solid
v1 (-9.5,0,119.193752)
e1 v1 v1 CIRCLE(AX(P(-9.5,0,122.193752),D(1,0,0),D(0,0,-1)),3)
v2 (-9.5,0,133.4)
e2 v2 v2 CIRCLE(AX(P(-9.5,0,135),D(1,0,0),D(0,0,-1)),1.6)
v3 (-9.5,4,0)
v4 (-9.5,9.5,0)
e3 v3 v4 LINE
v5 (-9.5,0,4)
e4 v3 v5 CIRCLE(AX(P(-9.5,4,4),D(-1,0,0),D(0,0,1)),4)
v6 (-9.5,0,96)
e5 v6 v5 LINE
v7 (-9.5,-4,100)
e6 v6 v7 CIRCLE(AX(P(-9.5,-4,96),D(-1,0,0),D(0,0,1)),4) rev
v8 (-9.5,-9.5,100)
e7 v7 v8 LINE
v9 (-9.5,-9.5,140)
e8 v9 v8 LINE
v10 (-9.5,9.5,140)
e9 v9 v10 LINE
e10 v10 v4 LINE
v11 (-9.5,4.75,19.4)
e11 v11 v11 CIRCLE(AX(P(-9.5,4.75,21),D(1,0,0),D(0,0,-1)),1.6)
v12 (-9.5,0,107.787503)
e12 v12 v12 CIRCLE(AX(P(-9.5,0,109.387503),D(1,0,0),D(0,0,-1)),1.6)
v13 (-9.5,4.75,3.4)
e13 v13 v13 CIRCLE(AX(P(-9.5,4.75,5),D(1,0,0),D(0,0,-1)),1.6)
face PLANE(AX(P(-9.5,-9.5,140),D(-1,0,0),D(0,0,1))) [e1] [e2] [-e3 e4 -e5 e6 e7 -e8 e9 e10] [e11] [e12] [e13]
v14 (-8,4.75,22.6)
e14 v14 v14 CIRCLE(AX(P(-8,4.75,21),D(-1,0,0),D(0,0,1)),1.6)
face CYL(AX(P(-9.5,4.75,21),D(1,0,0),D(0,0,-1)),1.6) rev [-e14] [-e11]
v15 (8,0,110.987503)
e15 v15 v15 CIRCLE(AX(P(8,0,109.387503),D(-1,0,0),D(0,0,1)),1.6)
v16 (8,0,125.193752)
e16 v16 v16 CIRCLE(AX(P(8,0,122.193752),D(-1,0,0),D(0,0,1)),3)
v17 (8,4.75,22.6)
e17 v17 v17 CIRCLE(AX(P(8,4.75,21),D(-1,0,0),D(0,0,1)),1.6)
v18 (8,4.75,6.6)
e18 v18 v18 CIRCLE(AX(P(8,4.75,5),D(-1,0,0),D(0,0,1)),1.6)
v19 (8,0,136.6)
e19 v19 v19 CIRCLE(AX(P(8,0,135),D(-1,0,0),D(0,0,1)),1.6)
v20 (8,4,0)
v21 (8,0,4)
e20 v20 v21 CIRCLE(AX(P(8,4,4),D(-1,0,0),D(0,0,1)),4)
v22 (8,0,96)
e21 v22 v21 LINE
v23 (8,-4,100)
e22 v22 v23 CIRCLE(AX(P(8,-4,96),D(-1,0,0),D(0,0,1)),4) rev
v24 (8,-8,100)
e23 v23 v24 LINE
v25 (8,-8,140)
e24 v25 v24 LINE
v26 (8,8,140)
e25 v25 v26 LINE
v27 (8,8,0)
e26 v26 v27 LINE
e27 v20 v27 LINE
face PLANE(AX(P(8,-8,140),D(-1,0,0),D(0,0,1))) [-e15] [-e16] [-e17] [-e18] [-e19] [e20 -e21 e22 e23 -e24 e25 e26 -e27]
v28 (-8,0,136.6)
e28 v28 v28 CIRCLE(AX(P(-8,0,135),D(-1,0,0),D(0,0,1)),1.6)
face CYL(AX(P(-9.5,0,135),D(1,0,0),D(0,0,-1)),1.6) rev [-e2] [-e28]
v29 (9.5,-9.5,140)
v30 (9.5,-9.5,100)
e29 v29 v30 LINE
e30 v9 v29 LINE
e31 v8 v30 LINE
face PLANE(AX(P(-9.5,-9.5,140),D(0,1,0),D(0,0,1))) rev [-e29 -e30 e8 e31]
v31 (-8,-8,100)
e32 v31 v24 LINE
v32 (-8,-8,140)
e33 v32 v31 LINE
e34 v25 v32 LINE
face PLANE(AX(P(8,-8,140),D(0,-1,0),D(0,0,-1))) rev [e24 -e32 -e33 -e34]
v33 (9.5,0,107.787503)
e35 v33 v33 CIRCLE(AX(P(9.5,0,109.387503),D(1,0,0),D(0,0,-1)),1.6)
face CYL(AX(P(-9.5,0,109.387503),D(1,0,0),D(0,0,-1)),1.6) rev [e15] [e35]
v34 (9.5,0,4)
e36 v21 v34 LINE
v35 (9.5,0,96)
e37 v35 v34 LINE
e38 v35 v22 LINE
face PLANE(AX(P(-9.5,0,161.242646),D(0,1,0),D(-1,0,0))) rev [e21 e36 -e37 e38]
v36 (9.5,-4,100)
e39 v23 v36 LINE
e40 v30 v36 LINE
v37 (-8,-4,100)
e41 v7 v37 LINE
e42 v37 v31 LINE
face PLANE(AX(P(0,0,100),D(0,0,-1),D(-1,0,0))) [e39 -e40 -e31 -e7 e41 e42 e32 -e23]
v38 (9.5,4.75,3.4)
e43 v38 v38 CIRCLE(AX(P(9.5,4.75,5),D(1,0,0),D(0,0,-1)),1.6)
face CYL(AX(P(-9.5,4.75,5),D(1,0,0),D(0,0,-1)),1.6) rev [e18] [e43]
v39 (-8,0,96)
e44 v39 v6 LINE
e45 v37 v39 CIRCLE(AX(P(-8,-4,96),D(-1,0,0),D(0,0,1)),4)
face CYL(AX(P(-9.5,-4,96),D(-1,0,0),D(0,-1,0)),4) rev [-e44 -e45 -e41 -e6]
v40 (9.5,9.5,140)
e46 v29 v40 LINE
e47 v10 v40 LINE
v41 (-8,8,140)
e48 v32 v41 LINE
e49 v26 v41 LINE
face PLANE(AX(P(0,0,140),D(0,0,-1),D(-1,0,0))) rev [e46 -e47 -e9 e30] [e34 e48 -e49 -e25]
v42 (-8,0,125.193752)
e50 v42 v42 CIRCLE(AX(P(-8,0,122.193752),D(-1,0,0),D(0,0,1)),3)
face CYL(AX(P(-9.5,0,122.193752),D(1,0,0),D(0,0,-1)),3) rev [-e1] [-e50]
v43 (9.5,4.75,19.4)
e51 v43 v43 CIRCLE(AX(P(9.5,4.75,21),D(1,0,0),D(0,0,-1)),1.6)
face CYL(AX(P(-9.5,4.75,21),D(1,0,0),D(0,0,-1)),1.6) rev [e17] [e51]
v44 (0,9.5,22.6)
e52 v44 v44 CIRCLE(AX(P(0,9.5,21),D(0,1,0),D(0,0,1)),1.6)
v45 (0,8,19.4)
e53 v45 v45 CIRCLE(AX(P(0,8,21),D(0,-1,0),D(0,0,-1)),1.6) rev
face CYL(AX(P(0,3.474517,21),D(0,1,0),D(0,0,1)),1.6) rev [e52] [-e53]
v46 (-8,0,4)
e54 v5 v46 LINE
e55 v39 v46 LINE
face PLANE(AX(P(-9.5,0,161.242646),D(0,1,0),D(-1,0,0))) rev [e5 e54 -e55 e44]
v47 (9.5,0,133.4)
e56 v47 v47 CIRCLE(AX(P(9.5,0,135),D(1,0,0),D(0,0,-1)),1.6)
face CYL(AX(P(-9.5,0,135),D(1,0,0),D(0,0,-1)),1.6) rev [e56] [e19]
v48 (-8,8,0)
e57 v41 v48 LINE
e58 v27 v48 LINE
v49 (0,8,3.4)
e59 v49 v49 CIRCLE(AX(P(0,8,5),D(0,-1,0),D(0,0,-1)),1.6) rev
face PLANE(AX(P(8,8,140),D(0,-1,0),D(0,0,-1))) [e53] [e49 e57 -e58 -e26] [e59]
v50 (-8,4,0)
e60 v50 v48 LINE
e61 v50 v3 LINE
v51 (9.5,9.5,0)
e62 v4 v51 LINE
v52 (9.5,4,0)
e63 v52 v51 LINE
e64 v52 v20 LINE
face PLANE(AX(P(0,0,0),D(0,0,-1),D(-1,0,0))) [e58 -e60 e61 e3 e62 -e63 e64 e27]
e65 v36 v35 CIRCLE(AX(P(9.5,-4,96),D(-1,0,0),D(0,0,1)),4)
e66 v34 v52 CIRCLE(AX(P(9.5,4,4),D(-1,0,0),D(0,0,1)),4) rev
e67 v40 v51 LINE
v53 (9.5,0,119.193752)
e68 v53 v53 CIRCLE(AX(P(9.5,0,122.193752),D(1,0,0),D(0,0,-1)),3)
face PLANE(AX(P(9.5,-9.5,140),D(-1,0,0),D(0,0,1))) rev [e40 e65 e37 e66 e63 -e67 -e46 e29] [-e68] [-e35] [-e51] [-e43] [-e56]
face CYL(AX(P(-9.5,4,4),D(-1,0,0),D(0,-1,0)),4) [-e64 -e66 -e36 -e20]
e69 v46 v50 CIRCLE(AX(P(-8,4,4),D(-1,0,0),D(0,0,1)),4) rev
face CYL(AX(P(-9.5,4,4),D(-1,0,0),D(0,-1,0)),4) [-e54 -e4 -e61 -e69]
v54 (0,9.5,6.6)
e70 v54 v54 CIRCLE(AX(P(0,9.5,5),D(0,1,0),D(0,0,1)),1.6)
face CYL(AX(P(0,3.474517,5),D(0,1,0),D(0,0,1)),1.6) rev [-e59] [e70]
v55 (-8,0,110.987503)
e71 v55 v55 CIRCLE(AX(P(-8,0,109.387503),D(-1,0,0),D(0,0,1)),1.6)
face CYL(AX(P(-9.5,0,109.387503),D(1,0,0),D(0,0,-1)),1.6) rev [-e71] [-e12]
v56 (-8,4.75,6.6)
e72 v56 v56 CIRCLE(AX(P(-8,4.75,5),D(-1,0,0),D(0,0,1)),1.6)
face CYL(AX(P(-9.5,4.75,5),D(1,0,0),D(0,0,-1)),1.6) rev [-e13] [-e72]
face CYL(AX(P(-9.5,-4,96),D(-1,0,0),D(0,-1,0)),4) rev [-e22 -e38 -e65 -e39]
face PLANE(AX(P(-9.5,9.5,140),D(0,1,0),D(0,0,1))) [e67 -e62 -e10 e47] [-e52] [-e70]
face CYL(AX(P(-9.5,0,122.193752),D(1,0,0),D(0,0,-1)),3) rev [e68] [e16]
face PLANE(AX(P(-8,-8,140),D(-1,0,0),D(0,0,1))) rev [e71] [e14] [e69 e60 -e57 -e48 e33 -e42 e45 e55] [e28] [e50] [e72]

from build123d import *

# Parameters (mm, degrees)
ESBO_O1_W                = 19
ESBO_O1_H                = 19
ESBO_O1_W_2              = 16
ESBO_O1_H_2              = 16
RESSALTO_EXTRUS_O1_DEPTH = 140
ESBO_O2_R                = 1.6
ESBO_O2_R_2              = 3
CORTE_EXTRUS_O1_DEPTH    = 20
ESBO_O3_R                = 1.6
CORTE_EXTRUS_O2_DEPTH    = 1.5
ESBO_O5_W                = 19
ESBO_O5_H                = 9.5
CORTE_EXTRUS_O4_DEPTH    = 100
FILETE1_R                = 4


with BuildPart() as part:
    # Esboço1 → Ressalto-extrusão1 (new body)
    with BuildSketch(Plane.XY):
        Rectangle(ESBO_O1_W, ESBO_O1_H)
        Rectangle(ESBO_O1_W_2, ESBO_O1_H_2, mode=Mode.SUBTRACT)
    extrude(amount=RESSALTO_EXTRUS_O1_DEPTH)

    # Esboço2 → Corte-extrusão1 (cut, through all)
    with BuildSketch(Plane(origin=(9.5, 0, 0), x_dir=(0, 0, -1), z_dir=(1, 0, 0))):
        with Locations((-109.38750305, 0)):
            Circle(ESBO_O2_R)
        with Locations((-135, 0)):
            Circle(ESBO_O2_R)
        with Locations((-122.193751525, 0)):
            Circle(ESBO_O2_R_2)
        with Locations((-5, 4.75)):
            Circle(ESBO_O2_R)
        with Locations((-21, 4.75)):
            Circle(ESBO_O2_R)
    extrude(amount=-CORTE_EXTRUS_O1_DEPTH, mode=Mode.SUBTRACT)

    # Esboço3 → Corte-extrusão2 (cut)
    with BuildSketch(Plane(origin=(0, 9.5, 0), x_dir=(1, 0, 0), z_dir=(0, 1, 0))):
        with Locations((0, -21)):
            Circle(ESBO_O3_R)
        with Locations((0, -5)):
            Circle(ESBO_O3_R)
    extrude(amount=-CORTE_EXTRUS_O2_DEPTH, mode=Mode.SUBTRACT)

    # Esboço5 → Corte-extrusão4 (cut)
    with BuildSketch(Plane(origin=(0, 0, 0), x_dir=(-1, 0, 0), z_dir=(0, 0, -1))):
        with Locations((0, -4.75)):
            Rectangle(ESBO_O5_W, ESBO_O5_H)
    extrude(amount=-CORTE_EXTRUS_O4_DEPTH, mode=Mode.SUBTRACT)

    # Filete1
    filete1_edges = [part.edges().sort_by_distance(p)[0] for p in [
        (-8.75, 0, 0),
        (8.75, 0, 0),
        (-8.75, 0, 100),
        (8.75, 0, 100),
    ]]
    fillet(filete1_edges, radius=FILETE1_R)


solid = part.part
